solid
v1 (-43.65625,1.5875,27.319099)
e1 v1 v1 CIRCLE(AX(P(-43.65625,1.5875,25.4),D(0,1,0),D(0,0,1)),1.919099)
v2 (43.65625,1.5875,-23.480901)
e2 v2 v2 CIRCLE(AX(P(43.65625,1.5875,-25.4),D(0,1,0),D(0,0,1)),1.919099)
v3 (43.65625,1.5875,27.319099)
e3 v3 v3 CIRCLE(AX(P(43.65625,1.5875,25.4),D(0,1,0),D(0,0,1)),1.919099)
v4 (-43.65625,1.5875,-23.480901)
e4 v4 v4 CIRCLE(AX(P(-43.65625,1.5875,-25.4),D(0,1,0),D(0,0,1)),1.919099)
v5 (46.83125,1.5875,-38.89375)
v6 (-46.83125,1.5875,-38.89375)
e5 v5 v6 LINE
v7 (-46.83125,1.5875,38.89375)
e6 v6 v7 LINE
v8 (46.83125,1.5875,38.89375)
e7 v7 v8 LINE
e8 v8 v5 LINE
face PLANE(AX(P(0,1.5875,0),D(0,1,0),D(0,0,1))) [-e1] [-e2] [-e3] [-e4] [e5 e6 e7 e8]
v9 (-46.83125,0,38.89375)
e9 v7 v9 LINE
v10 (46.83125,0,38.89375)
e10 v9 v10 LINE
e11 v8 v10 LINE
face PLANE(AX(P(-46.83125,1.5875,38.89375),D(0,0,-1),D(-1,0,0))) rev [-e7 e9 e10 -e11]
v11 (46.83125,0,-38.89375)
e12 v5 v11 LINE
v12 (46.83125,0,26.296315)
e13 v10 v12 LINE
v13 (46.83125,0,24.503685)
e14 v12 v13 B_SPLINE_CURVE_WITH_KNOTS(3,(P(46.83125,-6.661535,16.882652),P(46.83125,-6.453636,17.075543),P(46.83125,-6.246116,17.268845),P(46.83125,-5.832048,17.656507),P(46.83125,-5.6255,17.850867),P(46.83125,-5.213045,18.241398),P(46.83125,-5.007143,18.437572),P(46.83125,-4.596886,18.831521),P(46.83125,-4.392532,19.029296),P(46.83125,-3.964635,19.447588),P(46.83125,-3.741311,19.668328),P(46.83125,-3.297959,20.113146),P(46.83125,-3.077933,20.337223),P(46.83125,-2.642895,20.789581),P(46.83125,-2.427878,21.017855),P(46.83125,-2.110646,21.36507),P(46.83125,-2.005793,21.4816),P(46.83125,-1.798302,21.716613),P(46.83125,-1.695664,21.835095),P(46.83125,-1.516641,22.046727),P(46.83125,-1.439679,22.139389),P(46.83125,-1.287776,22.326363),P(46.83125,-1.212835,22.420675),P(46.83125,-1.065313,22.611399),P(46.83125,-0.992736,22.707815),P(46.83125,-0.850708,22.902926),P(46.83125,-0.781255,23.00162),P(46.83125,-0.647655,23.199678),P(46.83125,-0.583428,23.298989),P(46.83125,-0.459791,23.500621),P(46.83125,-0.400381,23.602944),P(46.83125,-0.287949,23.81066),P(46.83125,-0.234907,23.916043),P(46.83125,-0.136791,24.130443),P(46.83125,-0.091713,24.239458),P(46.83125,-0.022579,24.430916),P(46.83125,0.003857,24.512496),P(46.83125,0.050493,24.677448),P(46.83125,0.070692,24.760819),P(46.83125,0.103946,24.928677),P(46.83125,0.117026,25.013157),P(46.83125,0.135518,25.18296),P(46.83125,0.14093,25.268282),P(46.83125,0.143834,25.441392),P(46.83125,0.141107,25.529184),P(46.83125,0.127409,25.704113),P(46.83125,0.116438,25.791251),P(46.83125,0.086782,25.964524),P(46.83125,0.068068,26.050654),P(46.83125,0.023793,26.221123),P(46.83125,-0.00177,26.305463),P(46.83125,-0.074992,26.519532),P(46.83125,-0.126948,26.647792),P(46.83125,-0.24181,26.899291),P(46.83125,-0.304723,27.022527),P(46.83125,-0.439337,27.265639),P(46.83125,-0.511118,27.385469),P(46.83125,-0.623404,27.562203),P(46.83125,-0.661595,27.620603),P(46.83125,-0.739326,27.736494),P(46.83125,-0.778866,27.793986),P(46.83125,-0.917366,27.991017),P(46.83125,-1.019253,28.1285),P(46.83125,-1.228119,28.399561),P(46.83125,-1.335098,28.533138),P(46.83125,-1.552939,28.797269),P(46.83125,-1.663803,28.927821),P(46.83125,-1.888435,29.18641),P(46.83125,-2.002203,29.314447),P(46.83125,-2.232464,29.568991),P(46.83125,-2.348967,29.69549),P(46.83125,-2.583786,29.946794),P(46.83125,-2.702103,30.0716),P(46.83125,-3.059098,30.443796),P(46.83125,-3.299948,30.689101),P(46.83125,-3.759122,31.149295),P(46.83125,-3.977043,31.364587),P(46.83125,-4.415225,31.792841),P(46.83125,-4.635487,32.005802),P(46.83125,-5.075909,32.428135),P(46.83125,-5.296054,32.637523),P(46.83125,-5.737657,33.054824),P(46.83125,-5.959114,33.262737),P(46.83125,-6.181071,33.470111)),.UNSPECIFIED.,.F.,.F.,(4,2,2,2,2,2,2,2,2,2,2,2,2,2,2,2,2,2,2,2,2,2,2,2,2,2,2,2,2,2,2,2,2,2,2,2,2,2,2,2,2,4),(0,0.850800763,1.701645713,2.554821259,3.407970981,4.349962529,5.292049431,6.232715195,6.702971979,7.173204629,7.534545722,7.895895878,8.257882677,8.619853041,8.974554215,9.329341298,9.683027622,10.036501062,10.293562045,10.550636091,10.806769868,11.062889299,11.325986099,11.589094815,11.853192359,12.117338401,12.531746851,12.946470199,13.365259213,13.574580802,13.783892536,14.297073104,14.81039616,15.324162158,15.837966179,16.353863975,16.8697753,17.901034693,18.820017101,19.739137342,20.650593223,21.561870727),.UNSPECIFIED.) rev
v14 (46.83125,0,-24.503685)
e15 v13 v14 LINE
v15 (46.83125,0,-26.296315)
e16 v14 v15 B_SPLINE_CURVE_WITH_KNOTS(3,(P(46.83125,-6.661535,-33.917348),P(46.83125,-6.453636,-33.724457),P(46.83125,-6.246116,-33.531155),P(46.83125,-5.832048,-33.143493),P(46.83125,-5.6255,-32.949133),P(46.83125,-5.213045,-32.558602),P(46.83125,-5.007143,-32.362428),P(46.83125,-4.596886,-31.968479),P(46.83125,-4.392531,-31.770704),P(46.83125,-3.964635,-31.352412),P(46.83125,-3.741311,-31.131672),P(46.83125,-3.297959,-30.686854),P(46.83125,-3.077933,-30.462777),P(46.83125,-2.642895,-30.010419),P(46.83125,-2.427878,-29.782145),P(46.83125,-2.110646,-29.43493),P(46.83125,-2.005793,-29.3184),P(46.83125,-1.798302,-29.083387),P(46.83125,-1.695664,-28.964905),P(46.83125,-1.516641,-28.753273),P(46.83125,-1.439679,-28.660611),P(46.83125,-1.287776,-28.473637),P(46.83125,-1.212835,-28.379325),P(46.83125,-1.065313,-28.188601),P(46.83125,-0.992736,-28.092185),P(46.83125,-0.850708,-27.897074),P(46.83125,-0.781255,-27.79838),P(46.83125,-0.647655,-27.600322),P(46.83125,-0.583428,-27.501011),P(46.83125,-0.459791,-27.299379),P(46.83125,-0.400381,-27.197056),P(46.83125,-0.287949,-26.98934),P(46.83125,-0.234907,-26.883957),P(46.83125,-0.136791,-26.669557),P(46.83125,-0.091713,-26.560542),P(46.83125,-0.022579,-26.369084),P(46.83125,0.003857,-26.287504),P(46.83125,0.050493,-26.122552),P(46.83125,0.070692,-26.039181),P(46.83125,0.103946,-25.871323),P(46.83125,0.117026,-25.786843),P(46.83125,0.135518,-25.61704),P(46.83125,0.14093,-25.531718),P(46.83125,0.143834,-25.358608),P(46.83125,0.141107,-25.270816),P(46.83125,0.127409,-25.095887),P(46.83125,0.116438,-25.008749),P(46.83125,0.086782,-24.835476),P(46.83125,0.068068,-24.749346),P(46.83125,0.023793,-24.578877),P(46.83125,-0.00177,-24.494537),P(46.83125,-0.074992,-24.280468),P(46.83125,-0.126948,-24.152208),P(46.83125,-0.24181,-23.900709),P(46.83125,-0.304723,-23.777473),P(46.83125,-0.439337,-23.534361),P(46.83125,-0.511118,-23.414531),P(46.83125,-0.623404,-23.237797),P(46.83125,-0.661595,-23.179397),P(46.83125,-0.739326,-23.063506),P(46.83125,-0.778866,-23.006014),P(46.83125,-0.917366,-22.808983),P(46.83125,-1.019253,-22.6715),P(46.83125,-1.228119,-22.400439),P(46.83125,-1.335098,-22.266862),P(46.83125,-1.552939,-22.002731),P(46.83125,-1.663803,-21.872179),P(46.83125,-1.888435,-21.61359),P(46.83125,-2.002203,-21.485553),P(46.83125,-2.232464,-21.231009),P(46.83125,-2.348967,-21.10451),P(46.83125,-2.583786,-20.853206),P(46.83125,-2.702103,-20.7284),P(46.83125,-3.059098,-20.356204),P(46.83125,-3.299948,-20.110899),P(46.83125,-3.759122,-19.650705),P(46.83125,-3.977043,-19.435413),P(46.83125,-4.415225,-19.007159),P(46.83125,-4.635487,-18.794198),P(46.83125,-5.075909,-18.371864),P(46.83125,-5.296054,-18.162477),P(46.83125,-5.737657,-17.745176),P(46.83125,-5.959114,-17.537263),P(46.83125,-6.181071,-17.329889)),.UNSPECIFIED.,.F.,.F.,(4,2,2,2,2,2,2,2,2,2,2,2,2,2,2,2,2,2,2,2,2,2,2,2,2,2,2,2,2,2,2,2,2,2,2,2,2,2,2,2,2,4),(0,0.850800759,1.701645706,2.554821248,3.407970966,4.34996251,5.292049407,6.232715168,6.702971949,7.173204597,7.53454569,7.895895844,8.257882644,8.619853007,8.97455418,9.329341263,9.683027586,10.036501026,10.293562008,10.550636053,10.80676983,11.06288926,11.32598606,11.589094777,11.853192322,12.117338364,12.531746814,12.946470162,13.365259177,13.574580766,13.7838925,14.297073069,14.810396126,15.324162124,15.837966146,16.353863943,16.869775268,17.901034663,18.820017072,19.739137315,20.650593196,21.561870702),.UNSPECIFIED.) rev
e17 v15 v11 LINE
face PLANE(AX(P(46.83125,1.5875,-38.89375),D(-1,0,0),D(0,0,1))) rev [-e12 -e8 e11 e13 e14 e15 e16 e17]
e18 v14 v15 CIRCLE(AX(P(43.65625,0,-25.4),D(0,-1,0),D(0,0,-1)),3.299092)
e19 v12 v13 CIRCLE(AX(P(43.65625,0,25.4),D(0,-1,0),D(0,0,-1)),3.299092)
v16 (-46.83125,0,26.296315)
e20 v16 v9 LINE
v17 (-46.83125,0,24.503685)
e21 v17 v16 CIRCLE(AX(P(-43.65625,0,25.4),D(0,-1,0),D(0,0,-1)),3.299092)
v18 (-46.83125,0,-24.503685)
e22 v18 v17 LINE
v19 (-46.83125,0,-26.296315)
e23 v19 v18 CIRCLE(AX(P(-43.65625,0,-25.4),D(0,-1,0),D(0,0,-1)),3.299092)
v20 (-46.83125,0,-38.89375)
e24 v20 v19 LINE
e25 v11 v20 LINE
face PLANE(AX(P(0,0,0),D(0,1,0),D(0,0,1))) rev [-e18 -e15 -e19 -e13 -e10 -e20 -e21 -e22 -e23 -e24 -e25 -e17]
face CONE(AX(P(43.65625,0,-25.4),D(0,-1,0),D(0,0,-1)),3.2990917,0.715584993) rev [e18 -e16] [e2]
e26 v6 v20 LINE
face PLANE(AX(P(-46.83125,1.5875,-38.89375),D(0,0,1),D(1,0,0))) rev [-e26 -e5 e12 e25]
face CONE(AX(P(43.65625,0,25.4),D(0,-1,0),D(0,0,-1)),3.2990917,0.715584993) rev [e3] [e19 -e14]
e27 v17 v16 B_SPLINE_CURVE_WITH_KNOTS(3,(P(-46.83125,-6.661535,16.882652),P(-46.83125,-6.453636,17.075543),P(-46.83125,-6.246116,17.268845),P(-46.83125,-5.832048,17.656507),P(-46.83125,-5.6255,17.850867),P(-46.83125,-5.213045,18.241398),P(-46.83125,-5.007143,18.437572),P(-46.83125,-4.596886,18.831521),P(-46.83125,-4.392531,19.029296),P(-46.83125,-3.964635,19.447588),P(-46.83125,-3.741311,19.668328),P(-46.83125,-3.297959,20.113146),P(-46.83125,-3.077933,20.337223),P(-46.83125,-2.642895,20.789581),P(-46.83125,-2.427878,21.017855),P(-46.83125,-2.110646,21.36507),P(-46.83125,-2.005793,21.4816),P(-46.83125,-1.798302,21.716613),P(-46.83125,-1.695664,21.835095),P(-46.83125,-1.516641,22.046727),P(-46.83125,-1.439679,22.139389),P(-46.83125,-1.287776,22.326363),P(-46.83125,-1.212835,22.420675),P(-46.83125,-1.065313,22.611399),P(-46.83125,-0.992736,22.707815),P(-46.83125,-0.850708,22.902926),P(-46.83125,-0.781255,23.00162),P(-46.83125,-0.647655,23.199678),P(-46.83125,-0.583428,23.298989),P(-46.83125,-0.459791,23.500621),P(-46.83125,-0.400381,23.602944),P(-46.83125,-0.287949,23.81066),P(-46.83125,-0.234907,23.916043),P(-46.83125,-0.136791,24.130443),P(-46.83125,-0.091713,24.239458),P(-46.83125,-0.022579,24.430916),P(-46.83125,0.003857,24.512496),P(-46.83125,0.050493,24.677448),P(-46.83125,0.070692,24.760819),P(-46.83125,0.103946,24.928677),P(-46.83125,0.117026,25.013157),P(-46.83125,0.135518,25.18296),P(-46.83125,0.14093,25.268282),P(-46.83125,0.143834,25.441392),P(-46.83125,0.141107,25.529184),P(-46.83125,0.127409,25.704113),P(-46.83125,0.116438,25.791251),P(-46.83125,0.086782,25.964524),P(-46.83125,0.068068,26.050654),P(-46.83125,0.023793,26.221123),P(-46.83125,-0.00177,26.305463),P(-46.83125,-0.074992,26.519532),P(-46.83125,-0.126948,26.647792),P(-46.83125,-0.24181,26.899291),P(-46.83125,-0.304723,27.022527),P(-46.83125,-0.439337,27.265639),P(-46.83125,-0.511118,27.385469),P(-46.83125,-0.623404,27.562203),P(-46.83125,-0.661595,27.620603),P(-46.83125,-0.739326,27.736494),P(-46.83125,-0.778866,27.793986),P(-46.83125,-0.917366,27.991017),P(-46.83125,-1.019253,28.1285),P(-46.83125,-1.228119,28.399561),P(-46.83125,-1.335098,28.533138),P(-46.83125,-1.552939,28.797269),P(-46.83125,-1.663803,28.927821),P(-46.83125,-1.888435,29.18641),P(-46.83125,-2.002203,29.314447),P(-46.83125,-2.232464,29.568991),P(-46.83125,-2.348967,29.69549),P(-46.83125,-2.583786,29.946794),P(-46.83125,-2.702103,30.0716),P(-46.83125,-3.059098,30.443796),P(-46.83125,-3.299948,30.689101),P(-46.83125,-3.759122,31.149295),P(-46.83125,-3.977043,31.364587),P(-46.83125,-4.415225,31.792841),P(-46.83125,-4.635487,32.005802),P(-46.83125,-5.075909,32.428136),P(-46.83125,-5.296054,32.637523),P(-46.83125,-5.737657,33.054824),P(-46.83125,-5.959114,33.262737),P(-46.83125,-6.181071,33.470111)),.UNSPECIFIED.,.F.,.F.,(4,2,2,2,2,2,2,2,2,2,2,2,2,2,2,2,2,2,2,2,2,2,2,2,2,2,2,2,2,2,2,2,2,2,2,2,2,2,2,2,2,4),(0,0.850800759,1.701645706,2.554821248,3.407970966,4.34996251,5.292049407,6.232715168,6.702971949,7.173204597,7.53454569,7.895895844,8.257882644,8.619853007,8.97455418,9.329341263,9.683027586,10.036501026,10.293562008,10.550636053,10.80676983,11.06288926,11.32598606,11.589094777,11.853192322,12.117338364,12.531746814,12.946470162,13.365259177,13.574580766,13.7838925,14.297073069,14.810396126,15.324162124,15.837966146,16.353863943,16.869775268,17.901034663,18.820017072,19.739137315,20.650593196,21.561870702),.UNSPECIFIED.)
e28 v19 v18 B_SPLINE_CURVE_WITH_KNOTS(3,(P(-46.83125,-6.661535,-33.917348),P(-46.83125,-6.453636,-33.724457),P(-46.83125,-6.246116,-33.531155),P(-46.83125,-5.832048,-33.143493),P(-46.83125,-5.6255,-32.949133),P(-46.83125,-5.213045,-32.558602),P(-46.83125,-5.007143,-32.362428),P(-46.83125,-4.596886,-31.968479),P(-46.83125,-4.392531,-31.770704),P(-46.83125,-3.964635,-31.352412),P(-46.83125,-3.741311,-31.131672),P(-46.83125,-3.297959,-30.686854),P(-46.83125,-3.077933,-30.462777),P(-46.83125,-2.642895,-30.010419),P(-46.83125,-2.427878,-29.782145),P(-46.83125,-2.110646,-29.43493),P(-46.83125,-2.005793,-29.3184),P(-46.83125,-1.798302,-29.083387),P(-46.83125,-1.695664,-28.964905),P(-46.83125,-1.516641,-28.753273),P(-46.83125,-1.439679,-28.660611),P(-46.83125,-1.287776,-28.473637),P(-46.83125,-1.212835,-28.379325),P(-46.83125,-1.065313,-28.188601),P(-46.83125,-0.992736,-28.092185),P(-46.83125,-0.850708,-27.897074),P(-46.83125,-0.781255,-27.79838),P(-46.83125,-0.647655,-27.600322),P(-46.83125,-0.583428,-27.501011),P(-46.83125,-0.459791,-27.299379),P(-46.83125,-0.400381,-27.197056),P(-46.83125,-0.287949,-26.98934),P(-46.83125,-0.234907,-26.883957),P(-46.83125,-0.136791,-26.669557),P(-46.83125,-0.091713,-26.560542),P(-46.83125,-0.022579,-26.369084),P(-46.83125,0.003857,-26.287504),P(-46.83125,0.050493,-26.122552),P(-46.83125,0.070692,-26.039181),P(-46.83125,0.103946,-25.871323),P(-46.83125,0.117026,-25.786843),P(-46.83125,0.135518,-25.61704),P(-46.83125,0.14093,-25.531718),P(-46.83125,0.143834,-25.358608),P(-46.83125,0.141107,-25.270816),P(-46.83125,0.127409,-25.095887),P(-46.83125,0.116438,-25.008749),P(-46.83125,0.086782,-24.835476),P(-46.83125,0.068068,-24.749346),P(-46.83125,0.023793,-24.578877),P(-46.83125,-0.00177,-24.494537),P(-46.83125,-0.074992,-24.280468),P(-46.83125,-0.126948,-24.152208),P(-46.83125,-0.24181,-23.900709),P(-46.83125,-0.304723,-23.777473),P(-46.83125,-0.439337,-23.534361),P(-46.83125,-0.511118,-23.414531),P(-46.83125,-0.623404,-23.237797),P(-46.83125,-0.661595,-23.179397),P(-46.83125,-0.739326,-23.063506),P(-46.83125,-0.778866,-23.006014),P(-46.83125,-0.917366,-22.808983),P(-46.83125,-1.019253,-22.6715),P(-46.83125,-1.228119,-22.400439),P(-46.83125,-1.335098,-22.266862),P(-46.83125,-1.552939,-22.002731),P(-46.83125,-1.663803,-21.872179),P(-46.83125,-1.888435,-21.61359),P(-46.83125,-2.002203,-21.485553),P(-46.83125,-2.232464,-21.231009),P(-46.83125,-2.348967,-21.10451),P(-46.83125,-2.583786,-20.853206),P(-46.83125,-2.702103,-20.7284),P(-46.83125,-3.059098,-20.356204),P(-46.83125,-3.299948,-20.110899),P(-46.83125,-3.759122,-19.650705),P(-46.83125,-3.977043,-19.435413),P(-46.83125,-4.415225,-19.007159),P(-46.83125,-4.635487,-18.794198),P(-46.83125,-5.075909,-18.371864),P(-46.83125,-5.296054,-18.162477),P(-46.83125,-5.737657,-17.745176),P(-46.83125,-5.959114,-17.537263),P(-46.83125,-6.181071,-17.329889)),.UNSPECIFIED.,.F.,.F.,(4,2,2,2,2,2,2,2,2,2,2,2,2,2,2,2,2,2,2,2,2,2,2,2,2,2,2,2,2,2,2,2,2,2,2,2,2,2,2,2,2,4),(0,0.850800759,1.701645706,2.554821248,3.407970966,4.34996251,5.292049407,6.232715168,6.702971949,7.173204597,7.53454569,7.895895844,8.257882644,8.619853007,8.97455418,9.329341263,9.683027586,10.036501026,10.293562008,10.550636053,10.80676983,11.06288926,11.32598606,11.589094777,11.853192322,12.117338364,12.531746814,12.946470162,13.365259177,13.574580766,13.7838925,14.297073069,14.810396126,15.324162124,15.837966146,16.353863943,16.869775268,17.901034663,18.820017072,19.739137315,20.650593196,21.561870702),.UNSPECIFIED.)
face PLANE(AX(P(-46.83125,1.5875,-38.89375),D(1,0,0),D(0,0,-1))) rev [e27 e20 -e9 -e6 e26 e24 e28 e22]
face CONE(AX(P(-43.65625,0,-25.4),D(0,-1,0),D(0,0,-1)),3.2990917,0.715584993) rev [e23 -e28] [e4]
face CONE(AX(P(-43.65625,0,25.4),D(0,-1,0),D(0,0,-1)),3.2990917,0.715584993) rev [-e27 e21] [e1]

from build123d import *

# Parameters (mm, degrees)
SKETCH1_W                                     = 93.6625
SKETCH1_H                                     = 77.7875
BOSS_EXTRUDE1_DEPTH                           = 1.5875
CSK_FOR_4_FLAT_HEAD_MACHINE_SCREW1_AT_2_COUNT = 2
CSK_FOR_4_FLAT_HEAD_MACHINE_SCREW1_AT_2_PITCH = 50.8
CSK_FOR_4_FLAT_HEAD_MACHINE_SCREW1_AT_3_COUNT = 2
CSK_FOR_4_FLAT_HEAD_MACHINE_SCREW1_AT_3_PITCH = 101.015408014
CSK_FOR_4_FLAT_HEAD_MACHINE_SCREW1_AT_4_COUNT = 2
CSK_FOR_4_FLAT_HEAD_MACHINE_SCREW1_AT_4_PITCH = 87.3125


with BuildPart() as part:
    # Sketch1 → Boss-Extrude1 (new body)
    with BuildSketch(Plane(origin=(0, 0, 0), x_dir=(1, 0, 0), z_dir=(0, 1, 0))):
        Rectangle(SKETCH1_W, SKETCH1_H)
    extrude(amount=BOSS_EXTRUDE1_DEPTH)

    # Sketch3 → CSK for #4 Flat Head Machine Screw1 (revolve, cut)
    with BuildSketch(Plane(origin=(43.65625, 0, -25.4), x_dir=(0, 0, -1), z_dir=(1, 0, 0))):
        Polygon((0, 0), (0, 1.5875), (1.63195, 1.5875), (1.63195, 1.917827142), (3.2990917, 0), align=None)
    csk_for_4_flat_head_machine_screw1 = revolve(axis=Axis((43.65625, -6.35, -25.4), (0, 1, 0)), mode=Mode.SUBTRACT)

    # CSK for #4 Flat Head Machine Screw1 at 2: CSK for #4 Flat Head Machine Screw1 ×2
    with Locations(*[(0, 0, i * CSK_FOR_4_FLAT_HEAD_MACHINE_SCREW1_AT_2_PITCH) for i in range(1, CSK_FOR_4_FLAT_HEAD_MACHINE_SCREW1_AT_2_COUNT)]):
        add(csk_for_4_flat_head_machine_screw1, mode=Mode.SUBTRACT)

    # CSK for #4 Flat Head Machine Screw1 at 3: CSK for #4 Flat Head Machine Screw1 ×2
    with Locations(*[Vector(-0.864348338, 0, 0.502893578) * (i * CSK_FOR_4_FLAT_HEAD_MACHINE_SCREW1_AT_3_PITCH) for i in range(1, CSK_FOR_4_FLAT_HEAD_MACHINE_SCREW1_AT_3_COUNT)]):
        add(csk_for_4_flat_head_machine_screw1, mode=Mode.SUBTRACT)

    # CSK for #4 Flat Head Machine Screw1 at 4: CSK for #4 Flat Head Machine Screw1 ×2
    with Locations(*[(-i * CSK_FOR_4_FLAT_HEAD_MACHINE_SCREW1_AT_4_PITCH, 0, 0) for i in range(1, CSK_FOR_4_FLAT_HEAD_MACHINE_SCREW1_AT_4_COUNT)]):
        add(csk_for_4_flat_head_machine_screw1, mode=Mode.SUBTRACT)


solid = part.part
